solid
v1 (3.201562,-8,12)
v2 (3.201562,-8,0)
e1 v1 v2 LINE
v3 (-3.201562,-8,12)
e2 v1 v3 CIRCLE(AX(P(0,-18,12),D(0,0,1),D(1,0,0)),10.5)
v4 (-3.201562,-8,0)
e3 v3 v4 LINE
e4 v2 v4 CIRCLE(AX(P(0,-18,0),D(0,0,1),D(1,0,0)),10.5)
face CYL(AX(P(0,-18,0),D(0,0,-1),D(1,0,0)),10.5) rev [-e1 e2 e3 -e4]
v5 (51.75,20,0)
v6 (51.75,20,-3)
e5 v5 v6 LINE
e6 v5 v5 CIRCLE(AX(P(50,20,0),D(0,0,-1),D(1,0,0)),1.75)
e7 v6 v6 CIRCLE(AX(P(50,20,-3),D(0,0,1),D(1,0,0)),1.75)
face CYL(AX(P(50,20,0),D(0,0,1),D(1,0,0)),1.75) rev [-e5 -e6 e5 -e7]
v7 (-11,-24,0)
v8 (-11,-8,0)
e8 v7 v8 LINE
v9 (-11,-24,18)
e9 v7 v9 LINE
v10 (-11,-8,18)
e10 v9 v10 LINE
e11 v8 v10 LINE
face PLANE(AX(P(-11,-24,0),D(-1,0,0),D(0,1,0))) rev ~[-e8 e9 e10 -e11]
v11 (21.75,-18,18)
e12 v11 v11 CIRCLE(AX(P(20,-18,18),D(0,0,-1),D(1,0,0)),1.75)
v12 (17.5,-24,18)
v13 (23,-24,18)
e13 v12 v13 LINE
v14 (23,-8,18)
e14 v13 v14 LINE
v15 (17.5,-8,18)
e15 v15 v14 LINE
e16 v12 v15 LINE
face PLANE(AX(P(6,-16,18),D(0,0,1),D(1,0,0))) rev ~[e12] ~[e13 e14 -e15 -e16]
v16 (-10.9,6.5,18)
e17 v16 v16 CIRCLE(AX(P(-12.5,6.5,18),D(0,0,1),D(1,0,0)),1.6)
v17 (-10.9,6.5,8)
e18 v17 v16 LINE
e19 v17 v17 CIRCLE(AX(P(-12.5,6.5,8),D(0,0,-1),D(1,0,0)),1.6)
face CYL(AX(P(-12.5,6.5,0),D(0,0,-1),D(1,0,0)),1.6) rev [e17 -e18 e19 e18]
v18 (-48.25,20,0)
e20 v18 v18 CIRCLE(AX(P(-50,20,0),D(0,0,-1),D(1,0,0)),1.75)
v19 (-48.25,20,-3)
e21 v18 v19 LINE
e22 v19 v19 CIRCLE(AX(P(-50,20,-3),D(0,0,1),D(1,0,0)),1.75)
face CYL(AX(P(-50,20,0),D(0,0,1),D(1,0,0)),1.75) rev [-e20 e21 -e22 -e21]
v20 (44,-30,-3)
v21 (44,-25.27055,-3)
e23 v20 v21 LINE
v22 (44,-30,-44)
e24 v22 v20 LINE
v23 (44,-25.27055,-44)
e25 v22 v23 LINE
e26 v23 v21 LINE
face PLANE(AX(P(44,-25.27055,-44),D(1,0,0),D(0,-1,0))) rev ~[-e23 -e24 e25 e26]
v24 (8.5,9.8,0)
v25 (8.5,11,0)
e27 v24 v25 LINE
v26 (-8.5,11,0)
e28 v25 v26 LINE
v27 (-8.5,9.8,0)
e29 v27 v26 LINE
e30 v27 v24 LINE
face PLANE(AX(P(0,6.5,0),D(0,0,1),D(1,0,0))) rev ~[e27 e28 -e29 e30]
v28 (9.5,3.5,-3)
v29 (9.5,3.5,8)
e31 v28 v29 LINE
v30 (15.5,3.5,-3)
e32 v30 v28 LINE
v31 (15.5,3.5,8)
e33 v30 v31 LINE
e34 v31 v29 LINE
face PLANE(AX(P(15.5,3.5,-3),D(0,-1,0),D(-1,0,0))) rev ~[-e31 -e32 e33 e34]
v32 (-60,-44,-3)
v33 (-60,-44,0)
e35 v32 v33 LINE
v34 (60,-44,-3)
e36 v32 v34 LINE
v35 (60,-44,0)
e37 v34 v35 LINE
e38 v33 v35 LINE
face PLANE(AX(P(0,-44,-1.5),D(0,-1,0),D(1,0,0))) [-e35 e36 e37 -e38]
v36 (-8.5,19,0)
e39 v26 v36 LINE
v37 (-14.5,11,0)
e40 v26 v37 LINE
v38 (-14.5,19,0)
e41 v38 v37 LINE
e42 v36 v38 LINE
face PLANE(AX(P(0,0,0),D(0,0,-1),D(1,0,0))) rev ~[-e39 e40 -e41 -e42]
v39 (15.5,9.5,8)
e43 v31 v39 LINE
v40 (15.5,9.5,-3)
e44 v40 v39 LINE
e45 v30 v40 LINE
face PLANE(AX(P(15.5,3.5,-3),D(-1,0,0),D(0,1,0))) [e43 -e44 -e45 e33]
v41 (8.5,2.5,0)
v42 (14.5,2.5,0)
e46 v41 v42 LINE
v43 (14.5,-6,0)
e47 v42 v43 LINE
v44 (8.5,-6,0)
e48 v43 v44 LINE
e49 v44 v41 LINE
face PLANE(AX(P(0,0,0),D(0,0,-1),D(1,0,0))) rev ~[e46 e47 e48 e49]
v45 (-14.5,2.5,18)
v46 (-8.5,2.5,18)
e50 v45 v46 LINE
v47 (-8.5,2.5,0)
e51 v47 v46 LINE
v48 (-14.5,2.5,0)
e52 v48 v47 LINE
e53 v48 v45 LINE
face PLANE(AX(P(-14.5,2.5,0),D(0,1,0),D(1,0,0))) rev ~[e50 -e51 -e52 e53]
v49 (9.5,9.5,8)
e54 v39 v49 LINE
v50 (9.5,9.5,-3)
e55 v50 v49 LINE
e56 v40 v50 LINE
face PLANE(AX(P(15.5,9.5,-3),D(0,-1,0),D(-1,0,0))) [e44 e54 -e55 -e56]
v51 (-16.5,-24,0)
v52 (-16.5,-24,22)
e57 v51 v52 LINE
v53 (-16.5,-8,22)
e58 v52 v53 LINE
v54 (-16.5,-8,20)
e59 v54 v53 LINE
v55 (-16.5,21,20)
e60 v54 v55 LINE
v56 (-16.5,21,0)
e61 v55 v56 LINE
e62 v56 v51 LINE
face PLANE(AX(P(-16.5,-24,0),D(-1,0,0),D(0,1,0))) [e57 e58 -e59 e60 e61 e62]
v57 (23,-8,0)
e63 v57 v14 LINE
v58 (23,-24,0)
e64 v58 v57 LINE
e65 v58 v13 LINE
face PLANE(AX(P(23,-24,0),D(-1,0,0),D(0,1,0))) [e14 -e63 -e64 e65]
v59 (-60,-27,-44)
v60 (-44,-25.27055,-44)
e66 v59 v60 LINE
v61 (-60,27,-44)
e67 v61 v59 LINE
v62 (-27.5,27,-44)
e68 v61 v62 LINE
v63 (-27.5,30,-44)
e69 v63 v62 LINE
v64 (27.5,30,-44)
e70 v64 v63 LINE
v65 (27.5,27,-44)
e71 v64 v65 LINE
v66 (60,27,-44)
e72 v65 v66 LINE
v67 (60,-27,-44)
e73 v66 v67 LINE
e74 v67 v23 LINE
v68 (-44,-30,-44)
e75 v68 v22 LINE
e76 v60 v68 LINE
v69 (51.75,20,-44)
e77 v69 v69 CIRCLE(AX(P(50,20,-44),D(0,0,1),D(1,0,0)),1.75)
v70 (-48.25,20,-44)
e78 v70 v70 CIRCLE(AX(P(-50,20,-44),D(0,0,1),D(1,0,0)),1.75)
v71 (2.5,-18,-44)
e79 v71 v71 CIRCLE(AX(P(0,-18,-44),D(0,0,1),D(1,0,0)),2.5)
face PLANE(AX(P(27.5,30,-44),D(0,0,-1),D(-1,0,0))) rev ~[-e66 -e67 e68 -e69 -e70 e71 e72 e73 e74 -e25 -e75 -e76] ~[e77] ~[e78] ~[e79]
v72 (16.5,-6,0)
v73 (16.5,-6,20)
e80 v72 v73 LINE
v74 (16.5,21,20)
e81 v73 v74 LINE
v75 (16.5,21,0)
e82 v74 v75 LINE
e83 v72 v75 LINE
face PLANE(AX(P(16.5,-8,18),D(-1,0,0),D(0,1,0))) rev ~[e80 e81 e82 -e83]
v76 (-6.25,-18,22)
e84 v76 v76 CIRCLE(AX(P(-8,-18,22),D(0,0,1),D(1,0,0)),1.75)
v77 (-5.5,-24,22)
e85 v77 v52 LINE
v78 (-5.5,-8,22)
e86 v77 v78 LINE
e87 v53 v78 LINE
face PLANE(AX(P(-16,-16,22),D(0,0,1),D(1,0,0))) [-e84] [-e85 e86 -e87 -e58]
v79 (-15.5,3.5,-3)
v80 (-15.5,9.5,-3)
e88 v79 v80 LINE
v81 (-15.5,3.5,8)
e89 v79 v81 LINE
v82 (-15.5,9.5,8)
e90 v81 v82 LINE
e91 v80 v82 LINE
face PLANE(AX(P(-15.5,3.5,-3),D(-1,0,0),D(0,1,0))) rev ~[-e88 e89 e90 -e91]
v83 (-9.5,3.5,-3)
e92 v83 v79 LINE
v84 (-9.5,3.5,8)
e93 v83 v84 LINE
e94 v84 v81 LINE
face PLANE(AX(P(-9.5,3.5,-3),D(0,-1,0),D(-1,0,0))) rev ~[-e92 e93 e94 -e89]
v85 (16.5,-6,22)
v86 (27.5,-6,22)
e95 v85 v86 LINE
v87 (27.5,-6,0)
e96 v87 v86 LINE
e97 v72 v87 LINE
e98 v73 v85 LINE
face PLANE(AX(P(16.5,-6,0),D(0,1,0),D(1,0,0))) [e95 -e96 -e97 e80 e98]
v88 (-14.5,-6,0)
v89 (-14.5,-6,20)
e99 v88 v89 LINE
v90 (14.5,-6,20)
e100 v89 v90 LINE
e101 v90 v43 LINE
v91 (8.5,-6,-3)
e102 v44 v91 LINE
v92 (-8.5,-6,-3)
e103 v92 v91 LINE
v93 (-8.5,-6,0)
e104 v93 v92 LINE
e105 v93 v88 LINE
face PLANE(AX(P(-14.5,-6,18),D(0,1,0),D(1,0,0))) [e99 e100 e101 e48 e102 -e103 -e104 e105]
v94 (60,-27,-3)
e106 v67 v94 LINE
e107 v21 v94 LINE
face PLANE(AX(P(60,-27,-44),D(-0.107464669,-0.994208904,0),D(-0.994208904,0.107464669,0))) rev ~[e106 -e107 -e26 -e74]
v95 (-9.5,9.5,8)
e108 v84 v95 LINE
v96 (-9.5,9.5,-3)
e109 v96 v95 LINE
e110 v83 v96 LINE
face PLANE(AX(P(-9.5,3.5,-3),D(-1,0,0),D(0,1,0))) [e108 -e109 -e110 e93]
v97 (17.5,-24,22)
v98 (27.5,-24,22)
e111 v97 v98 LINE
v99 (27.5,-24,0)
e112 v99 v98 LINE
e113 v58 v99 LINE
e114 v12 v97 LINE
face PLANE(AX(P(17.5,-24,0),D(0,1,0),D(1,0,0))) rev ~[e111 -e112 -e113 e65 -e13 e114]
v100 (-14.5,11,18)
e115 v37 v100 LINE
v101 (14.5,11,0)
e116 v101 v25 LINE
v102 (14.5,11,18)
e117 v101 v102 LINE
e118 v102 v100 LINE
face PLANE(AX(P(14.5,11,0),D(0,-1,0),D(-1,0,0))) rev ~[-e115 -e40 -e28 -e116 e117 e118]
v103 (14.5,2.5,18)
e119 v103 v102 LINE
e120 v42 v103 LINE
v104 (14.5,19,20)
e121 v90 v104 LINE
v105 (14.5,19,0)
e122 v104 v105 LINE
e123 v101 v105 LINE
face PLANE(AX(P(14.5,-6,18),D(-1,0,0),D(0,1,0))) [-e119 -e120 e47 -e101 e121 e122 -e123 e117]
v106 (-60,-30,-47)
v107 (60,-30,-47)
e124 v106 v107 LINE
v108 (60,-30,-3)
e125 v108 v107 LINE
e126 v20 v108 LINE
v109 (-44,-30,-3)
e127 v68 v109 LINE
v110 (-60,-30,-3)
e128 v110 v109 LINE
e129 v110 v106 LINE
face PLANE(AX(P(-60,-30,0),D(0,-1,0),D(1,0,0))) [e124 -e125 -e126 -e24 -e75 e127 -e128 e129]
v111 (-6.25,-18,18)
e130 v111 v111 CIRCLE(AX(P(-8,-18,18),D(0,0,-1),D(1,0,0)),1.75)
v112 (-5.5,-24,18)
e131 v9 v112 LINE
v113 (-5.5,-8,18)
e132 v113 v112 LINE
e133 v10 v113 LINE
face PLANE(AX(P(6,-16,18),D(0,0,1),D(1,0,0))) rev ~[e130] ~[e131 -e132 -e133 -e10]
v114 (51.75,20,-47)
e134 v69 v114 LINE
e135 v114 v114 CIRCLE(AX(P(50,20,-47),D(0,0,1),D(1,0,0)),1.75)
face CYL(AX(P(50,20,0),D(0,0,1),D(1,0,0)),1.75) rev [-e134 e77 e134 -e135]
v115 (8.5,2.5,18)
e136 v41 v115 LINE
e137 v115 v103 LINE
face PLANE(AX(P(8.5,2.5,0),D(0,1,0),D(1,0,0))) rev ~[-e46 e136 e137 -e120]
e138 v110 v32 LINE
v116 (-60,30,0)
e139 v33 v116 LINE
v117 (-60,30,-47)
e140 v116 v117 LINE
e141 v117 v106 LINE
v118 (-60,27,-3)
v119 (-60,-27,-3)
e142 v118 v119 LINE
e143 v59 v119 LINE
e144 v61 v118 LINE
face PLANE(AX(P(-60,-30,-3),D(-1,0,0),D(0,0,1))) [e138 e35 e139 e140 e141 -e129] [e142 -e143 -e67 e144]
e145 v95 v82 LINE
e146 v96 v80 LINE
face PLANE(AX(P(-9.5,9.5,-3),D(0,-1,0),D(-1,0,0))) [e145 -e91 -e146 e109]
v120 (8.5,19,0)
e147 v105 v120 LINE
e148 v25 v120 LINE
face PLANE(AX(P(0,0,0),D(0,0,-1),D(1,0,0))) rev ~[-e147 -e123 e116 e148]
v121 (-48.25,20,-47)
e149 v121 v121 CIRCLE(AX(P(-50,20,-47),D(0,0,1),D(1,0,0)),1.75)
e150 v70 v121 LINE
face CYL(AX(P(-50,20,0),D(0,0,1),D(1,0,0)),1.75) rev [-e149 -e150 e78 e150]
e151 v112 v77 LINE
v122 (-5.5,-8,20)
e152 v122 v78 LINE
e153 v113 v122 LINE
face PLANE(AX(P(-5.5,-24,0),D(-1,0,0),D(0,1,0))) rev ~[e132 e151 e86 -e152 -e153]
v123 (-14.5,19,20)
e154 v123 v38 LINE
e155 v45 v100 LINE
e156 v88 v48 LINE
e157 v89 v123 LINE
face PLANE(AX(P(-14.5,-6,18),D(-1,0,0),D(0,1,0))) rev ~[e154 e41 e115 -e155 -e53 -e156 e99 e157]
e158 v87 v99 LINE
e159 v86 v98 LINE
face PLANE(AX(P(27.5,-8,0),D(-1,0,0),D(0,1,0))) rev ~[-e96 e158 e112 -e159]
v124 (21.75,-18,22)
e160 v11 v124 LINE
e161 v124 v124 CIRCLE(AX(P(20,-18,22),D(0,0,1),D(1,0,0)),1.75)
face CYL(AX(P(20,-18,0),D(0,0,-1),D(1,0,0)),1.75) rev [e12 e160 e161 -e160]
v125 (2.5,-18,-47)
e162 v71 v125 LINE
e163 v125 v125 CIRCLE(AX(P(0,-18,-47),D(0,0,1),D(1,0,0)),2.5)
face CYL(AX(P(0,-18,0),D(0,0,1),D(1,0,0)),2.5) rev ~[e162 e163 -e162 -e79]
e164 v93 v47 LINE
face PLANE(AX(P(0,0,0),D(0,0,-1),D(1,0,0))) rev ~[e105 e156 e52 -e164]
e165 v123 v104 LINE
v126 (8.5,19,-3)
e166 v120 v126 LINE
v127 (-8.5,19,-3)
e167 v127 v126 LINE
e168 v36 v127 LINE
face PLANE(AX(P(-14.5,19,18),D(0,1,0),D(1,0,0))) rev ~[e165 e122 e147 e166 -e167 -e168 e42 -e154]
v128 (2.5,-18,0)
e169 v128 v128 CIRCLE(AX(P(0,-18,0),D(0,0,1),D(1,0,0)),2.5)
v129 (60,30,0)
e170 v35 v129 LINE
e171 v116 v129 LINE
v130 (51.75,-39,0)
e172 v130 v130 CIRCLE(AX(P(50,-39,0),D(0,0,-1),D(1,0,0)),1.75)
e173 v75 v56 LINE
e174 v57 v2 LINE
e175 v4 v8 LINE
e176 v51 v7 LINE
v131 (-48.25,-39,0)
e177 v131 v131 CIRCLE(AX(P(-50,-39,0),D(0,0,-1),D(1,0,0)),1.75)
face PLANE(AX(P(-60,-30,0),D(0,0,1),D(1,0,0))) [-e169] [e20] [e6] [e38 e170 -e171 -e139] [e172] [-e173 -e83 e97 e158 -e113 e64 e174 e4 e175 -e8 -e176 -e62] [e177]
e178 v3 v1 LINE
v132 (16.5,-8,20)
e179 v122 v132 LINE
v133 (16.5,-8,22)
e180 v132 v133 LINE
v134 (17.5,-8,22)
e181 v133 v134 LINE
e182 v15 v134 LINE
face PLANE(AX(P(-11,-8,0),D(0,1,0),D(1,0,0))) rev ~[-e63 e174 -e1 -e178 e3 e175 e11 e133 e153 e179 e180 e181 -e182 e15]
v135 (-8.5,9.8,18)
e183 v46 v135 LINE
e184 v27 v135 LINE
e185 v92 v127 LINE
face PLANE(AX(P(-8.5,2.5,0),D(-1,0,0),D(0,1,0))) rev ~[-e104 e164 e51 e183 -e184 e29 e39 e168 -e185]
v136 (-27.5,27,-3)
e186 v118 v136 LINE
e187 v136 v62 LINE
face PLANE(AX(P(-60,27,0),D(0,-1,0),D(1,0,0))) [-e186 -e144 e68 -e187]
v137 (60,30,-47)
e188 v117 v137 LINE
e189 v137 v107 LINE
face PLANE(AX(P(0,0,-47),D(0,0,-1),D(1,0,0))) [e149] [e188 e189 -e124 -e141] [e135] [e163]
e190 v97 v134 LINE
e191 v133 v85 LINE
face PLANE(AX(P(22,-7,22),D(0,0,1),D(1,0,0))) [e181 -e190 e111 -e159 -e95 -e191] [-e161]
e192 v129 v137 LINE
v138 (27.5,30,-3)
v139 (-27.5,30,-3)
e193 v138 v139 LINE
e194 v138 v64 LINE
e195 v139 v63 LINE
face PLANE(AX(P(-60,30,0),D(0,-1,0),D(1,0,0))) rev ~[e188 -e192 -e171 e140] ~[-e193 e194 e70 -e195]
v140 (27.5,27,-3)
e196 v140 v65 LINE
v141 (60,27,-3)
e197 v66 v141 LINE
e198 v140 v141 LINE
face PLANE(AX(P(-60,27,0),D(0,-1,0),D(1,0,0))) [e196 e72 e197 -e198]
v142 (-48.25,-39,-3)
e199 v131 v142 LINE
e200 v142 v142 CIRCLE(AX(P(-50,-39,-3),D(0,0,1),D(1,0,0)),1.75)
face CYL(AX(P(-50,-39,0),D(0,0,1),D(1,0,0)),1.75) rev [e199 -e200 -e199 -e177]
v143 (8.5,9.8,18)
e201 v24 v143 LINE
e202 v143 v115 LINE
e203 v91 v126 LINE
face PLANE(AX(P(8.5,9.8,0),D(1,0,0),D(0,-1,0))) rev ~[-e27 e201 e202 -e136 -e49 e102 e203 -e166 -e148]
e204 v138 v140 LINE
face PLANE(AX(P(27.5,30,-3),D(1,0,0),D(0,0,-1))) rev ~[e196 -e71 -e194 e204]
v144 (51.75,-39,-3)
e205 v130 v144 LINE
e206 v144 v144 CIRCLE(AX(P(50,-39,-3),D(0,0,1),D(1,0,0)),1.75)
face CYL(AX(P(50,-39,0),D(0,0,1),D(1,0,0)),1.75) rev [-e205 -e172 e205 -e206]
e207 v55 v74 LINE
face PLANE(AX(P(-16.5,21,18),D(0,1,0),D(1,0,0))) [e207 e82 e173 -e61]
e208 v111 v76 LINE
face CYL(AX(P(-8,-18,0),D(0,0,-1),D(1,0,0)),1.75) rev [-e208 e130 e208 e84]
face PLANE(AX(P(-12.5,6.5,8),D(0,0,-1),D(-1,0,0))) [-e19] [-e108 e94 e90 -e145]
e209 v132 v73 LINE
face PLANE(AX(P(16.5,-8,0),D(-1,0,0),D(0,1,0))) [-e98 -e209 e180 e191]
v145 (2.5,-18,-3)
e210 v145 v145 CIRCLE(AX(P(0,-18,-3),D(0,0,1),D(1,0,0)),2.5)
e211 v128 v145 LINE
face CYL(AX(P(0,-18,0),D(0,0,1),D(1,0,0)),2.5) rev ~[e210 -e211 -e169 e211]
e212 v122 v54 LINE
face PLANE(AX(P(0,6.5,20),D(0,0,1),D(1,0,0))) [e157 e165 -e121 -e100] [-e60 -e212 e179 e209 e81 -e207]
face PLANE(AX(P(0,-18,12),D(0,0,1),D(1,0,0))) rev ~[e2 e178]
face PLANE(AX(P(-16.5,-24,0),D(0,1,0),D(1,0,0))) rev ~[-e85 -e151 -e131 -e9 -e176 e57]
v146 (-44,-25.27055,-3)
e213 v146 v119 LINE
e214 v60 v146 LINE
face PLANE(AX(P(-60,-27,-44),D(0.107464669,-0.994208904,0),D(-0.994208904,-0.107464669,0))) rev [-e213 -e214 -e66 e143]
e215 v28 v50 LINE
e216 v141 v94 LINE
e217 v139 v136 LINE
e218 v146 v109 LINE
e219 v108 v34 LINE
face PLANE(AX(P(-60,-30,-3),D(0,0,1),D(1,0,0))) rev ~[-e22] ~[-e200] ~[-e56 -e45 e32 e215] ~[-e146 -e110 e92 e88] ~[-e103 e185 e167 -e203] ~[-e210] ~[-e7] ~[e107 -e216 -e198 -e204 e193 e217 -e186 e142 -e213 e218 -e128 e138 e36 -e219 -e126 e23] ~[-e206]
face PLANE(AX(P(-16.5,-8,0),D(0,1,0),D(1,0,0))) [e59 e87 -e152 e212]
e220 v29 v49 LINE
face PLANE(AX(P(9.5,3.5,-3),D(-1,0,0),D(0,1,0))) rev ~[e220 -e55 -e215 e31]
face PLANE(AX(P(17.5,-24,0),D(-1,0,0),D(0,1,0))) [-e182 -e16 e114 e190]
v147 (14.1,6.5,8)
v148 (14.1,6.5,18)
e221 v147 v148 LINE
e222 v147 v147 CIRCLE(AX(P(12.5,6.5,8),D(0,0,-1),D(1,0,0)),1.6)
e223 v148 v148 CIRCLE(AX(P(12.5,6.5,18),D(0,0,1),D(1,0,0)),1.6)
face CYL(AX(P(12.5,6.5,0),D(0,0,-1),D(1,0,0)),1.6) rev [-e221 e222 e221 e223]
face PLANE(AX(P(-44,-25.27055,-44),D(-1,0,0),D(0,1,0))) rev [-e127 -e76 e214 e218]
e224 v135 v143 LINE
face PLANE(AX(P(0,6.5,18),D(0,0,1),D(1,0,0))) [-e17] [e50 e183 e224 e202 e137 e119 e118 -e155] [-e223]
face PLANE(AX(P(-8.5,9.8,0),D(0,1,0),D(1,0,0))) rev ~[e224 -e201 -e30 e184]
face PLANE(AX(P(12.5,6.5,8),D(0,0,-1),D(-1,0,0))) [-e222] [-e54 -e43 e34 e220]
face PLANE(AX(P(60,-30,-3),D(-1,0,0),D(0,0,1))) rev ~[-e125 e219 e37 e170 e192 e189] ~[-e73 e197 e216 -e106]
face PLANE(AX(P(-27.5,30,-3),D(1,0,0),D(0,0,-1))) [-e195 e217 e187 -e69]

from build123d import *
from build123d.topology import SkipClean

# Parameters (mm, degrees)
SKETCH_1_W           = 120
SKETCH_1_H           = 60
EXTRUDE_1_DEPTH      = 47
SHELL_2_T            = -3
SKETCH_2_W           = 55
SKETCH_2_H           = 41
CUT_EXTRUDE_1_DEPTH  = 3
SKETCH_5_W           = 88
SKETCH_5_H           = 41
CUT_EXTRUDE_3_DEPTH  = 10
SKETCH_6_R           = 2.5
CUT_EXTRUDE_4_DEPTH  = 82.908485519
EXTRUDE_4_REACH      = 82.225
CUT_EXTRUDE_5_REACH  = 83.908
SKETCH_9_W           = 17
SKETCH_9_H           = 25
SKETCH_10_R          = 1.6
EXTRUDE_5_DEPTH      = 18
SKETCH_13_W          = 33
SKETCH_13_H          = 29
SKETCH_13_W_2        = 29
SKETCH_13_H_2        = 25
EXTRUDE_6_DEPTH      = 2
SKETCH_14_W          = 10
SKETCH_14_H          = 16
SKETCH_14_R          = 1.75
EXTRUDE_7_DEPTH      = 22
SKETCH_15_R          = 10.5
CUT_EXTRUDE_7_DEPTH  = 12
CUT_EXTRUDE_8_DEPTH  = 6
SKETCH_19_W          = 34
SKETCH_19_H          = 16
CUT_EXTRUDE_9_DEPTH  = 18
SKETCH_16_W          = 1
SKETCH_16_H          = 16
SKETCH_16_W_2        = 11
SKETCH_16_H_2        = 2
EXTRUDE_8_DEPTH      = 22
SKETCH_20_W          = 6
SKETCH_20_H          = 6
CUT_EXTRUDE_10_DEPTH = 11
SKETCH_21_W          = 120
SKETCH_21_H          = 3
EXTRUDE_9_DEPTH      = 14
SKETCH_11_R          = 1.75
CUT_EXTRUDE_6_DEPTH  = 89.005681635


with BuildPart() as part:
    # 草图1 → 凸台-拉伸1 (new body)
    with BuildSketch(Plane(origin=(0, 0, 0), x_dir=(1, 0, 0), z_dir=(0, 0, -1))):
        Rectangle(SKETCH_1_W, SKETCH_1_H)
    extrude(amount=EXTRUDE_1_DEPTH)

    # 抽壳2
    shell_2_openings = [part.faces().sort_by_distance(p)[0] for p in [
        (60, 0, -23.5),
        (-60, 0, -23.5),
    ]]
    offset(amount=SHELL_2_T, openings=shell_2_openings, kind=Kind.INTERSECTION)

    # 草图2 → 切除-拉伸1 (cut)
    with BuildSketch(Plane(origin=(0, 30, 45), x_dir=(-1, 0, 0), z_dir=(0, -1, 0))):
        with Locations((0, 68.5)):
            Rectangle(SKETCH_2_W, SKETCH_2_H)
    extrude(amount=CUT_EXTRUDE_1_DEPTH, mode=Mode.SUBTRACT)

    # 草图5 → 切除-拉伸3 (cut)
    with BuildSketch(Plane.XZ.offset(30)):
        with Locations((0, -23.5)):
            Rectangle(SKETCH_5_W, SKETCH_5_H)
    extrude(amount=-CUT_EXTRUDE_3_DEPTH, mode=Mode.SUBTRACT)

    # 草图6 → 切除-拉伸4 (cut, through all)
    with BuildSketch(Plane.XY):
        with Locations((0, -18)):
            Circle(SKETCH_6_R)
    extrude(amount=-CUT_EXTRUDE_4_DEPTH, mode=Mode.SUBTRACT)

    # 草图8 → 凸台-拉伸4 (add, up to next)
    with BuildSketch(Plane(origin=(0, 0, -44), x_dir=(-1, 0, 0), z_dir=(0, 0, -1)), mode=Mode.PRIVATE) as extrude_4_sk1:
        Polygon((-60, -27), (-44, -25.270549885), (-44, -30), (-60, -30), align=None)
    extrude_4_tool1 = extrude(extrude_4_sk1.sketch, amount=-EXTRUDE_4_REACH, mode=Mode.PRIVATE) - part.part
    extrude_4 = extrude_4_tool1.solids().sort_by_distance((51.403338, -28.035391, -44))[0]
    add(extrude_4)

    # 镜向1: 凸台-拉伸4 across plane
    add(extrude_4.mirror(Plane(origin=(0, 0, 0), x_dir=(0, 0, 1), z_dir=(1, 0, 0))))

    # 草图9 → 切除-拉伸5 (cut, up to next)
    with BuildSketch(Plane.XY, mode=Mode.PRIVATE) as cut_extrude_5_sk1:
        with Locations((0, 6.5)):
            Rectangle(SKETCH_9_W, SKETCH_9_H)
    cut_extrude_5_tool1 = extrude(cut_extrude_5_sk1.sketch, amount=-CUT_EXTRUDE_5_REACH, mode=Mode.PRIVATE) & part.part
    add(cut_extrude_5_tool1.solids().sort_by_distance((0, 6.5, 0))[0], mode=Mode.SUBTRACT)

    # 草图10 → 凸台-拉伸5 (add)
    with BuildSketch(Plane.XY):
        Polygon((-10.5, -8), (10.5, -8), (16.5, -8), (16.5, 21), (-16.5, 21), (-16.5, -8), align=None)
        with Locations((-12.5, 6.5)):
            Circle(SKETCH_10_R, mode=Mode.SUBTRACT)
        with Locations((12.5, 6.5)):
            Circle(SKETCH_10_R, mode=Mode.SUBTRACT)
        Polygon((-8.5, 11), (14.5, 11), (14.5, 19), (-14.5, 19), (-14.5, 11), align=None, mode=Mode.SUBTRACT)
        Polygon((-8.5, 9.8), (8.5, 9.8), (8.5, 2.5), (14.5, 2.5), (14.5, -6), (-14.5, -6), (-14.5, 2.5), (-8.5, 2.5), align=None, mode=Mode.SUBTRACT)
    extrude(amount=EXTRUDE_5_DEPTH)

    # 草图13 → 凸台-拉伸6 (add)
    with BuildSketch(Plane.XY.offset(18)):
        with Locations((0, 6.5)):
            Rectangle(SKETCH_13_W, SKETCH_13_H)
        with Locations((0, 6.5)):
            Rectangle(SKETCH_13_W_2, SKETCH_13_H_2, mode=Mode.SUBTRACT)
    extrude(amount=EXTRUDE_6_DEPTH)

    # 草图14 → 凸台-拉伸7 (add)
    # profile 1 of 2: a face of its own
    with BuildSketch(Plane.XY):
        with Locations((-10.5, -16)):
            Rectangle(SKETCH_14_W, SKETCH_14_H)
        with Locations((-8, -18)):
            Circle(SKETCH_14_R, mode=Mode.SUBTRACT)
    # profile 2 of 2: a face of its own
    with BuildSketch(Plane.XY):
        with Locations((22.5, -16)):
            Rectangle(SKETCH_14_W, SKETCH_14_H)
        with Locations((20, -18)):
            Circle(SKETCH_14_R, mode=Mode.SUBTRACT)
    extrude(amount=EXTRUDE_7_DEPTH)

    # 草图15 → 切除-拉伸7 (cut)
    with BuildSketch(Plane.XY):
        with Locations((0, -18)):
            Circle(SKETCH_15_R)
    extrude(amount=CUT_EXTRUDE_7_DEPTH, mode=Mode.SUBTRACT)

    # 草图17 → 切除-拉伸8 (cut)
    with SkipClean():  # the faces are left unmerged after this step: merging them gives an invalid solid
        with BuildSketch(Plane(origin=(0, 0, 12), x_dir=(-1, 0, 0), z_dir=(0, 0, -1))):
            with BuildLine():
                Line((5.5, -9.05572809), (5.5, -24))
                Line((5.5, -24), (8.61684397, -24))
                ThreePointArc((8.61684397, -24), (10.278819808, -15.856203519), (5.5, -9.05572809))
            make_face()
        extrude(amount=-CUT_EXTRUDE_8_DEPTH, mode=Mode.SUBTRACT)

    # 草图19 → 切除-拉伸9 (cut)
    with BuildSketch(Plane.XY):
        with Locations((6, -16)):
            Rectangle(SKETCH_19_W, SKETCH_19_H)
    extrude(amount=CUT_EXTRUDE_9_DEPTH, mode=Mode.SUBTRACT)

    # 草图16 → 凸台-拉伸8 (add)
    with BuildSketch(Plane.XY):
        with Locations((-16, -16)):
            Rectangle(SKETCH_16_W, SKETCH_16_H)
        with Locations((22, -7)):
            Rectangle(SKETCH_16_W_2, SKETCH_16_H_2)
    extrude(amount=EXTRUDE_8_DEPTH)

    # 草图20 → 切除-拉伸10 (cut)
    with BuildSketch(Plane(origin=(0, 0, -3), x_dir=(-1, 0, 0), z_dir=(0, 0, -1))):
        with Locations((-12.5, 6.5)):
            Rectangle(SKETCH_20_W, SKETCH_20_H)
        with Locations((12.5, 6.5)):
            Rectangle(SKETCH_20_W, SKETCH_20_H)
    extrude(amount=-CUT_EXTRUDE_10_DEPTH, mode=Mode.SUBTRACT)

    # 草图21 → 凸台-拉伸9 (add)
    with BuildSketch(Plane.XZ.offset(30)):
        with Locations((0, -1.5)):
            Rectangle(SKETCH_21_W, SKETCH_21_H)
    extrude(amount=EXTRUDE_9_DEPTH)

    # 草图11 → 切除-拉伸6 (cut, through all)
    with BuildSketch(Plane(origin=(0, 0, 0), x_dir=(-1, 0, 0), z_dir=(0, 0, -1))):
        with Locations(Location((-50, 20, 0), (0, 0, 180))):
            Circle(SKETCH_11_R)
        with Locations(Location((50, 20, 0), (0, 0, 180))):
            Circle(SKETCH_11_R)
        with Locations(Location((-50, -39, 0), (0, 0, 180))):
            Circle(SKETCH_11_R)
        with Locations(Location((50, -39, 0), (0, 0, 180))):
            Circle(SKETCH_11_R)
    extrude(amount=CUT_EXTRUDE_6_DEPTH, mode=Mode.SUBTRACT)


solid = part.part
